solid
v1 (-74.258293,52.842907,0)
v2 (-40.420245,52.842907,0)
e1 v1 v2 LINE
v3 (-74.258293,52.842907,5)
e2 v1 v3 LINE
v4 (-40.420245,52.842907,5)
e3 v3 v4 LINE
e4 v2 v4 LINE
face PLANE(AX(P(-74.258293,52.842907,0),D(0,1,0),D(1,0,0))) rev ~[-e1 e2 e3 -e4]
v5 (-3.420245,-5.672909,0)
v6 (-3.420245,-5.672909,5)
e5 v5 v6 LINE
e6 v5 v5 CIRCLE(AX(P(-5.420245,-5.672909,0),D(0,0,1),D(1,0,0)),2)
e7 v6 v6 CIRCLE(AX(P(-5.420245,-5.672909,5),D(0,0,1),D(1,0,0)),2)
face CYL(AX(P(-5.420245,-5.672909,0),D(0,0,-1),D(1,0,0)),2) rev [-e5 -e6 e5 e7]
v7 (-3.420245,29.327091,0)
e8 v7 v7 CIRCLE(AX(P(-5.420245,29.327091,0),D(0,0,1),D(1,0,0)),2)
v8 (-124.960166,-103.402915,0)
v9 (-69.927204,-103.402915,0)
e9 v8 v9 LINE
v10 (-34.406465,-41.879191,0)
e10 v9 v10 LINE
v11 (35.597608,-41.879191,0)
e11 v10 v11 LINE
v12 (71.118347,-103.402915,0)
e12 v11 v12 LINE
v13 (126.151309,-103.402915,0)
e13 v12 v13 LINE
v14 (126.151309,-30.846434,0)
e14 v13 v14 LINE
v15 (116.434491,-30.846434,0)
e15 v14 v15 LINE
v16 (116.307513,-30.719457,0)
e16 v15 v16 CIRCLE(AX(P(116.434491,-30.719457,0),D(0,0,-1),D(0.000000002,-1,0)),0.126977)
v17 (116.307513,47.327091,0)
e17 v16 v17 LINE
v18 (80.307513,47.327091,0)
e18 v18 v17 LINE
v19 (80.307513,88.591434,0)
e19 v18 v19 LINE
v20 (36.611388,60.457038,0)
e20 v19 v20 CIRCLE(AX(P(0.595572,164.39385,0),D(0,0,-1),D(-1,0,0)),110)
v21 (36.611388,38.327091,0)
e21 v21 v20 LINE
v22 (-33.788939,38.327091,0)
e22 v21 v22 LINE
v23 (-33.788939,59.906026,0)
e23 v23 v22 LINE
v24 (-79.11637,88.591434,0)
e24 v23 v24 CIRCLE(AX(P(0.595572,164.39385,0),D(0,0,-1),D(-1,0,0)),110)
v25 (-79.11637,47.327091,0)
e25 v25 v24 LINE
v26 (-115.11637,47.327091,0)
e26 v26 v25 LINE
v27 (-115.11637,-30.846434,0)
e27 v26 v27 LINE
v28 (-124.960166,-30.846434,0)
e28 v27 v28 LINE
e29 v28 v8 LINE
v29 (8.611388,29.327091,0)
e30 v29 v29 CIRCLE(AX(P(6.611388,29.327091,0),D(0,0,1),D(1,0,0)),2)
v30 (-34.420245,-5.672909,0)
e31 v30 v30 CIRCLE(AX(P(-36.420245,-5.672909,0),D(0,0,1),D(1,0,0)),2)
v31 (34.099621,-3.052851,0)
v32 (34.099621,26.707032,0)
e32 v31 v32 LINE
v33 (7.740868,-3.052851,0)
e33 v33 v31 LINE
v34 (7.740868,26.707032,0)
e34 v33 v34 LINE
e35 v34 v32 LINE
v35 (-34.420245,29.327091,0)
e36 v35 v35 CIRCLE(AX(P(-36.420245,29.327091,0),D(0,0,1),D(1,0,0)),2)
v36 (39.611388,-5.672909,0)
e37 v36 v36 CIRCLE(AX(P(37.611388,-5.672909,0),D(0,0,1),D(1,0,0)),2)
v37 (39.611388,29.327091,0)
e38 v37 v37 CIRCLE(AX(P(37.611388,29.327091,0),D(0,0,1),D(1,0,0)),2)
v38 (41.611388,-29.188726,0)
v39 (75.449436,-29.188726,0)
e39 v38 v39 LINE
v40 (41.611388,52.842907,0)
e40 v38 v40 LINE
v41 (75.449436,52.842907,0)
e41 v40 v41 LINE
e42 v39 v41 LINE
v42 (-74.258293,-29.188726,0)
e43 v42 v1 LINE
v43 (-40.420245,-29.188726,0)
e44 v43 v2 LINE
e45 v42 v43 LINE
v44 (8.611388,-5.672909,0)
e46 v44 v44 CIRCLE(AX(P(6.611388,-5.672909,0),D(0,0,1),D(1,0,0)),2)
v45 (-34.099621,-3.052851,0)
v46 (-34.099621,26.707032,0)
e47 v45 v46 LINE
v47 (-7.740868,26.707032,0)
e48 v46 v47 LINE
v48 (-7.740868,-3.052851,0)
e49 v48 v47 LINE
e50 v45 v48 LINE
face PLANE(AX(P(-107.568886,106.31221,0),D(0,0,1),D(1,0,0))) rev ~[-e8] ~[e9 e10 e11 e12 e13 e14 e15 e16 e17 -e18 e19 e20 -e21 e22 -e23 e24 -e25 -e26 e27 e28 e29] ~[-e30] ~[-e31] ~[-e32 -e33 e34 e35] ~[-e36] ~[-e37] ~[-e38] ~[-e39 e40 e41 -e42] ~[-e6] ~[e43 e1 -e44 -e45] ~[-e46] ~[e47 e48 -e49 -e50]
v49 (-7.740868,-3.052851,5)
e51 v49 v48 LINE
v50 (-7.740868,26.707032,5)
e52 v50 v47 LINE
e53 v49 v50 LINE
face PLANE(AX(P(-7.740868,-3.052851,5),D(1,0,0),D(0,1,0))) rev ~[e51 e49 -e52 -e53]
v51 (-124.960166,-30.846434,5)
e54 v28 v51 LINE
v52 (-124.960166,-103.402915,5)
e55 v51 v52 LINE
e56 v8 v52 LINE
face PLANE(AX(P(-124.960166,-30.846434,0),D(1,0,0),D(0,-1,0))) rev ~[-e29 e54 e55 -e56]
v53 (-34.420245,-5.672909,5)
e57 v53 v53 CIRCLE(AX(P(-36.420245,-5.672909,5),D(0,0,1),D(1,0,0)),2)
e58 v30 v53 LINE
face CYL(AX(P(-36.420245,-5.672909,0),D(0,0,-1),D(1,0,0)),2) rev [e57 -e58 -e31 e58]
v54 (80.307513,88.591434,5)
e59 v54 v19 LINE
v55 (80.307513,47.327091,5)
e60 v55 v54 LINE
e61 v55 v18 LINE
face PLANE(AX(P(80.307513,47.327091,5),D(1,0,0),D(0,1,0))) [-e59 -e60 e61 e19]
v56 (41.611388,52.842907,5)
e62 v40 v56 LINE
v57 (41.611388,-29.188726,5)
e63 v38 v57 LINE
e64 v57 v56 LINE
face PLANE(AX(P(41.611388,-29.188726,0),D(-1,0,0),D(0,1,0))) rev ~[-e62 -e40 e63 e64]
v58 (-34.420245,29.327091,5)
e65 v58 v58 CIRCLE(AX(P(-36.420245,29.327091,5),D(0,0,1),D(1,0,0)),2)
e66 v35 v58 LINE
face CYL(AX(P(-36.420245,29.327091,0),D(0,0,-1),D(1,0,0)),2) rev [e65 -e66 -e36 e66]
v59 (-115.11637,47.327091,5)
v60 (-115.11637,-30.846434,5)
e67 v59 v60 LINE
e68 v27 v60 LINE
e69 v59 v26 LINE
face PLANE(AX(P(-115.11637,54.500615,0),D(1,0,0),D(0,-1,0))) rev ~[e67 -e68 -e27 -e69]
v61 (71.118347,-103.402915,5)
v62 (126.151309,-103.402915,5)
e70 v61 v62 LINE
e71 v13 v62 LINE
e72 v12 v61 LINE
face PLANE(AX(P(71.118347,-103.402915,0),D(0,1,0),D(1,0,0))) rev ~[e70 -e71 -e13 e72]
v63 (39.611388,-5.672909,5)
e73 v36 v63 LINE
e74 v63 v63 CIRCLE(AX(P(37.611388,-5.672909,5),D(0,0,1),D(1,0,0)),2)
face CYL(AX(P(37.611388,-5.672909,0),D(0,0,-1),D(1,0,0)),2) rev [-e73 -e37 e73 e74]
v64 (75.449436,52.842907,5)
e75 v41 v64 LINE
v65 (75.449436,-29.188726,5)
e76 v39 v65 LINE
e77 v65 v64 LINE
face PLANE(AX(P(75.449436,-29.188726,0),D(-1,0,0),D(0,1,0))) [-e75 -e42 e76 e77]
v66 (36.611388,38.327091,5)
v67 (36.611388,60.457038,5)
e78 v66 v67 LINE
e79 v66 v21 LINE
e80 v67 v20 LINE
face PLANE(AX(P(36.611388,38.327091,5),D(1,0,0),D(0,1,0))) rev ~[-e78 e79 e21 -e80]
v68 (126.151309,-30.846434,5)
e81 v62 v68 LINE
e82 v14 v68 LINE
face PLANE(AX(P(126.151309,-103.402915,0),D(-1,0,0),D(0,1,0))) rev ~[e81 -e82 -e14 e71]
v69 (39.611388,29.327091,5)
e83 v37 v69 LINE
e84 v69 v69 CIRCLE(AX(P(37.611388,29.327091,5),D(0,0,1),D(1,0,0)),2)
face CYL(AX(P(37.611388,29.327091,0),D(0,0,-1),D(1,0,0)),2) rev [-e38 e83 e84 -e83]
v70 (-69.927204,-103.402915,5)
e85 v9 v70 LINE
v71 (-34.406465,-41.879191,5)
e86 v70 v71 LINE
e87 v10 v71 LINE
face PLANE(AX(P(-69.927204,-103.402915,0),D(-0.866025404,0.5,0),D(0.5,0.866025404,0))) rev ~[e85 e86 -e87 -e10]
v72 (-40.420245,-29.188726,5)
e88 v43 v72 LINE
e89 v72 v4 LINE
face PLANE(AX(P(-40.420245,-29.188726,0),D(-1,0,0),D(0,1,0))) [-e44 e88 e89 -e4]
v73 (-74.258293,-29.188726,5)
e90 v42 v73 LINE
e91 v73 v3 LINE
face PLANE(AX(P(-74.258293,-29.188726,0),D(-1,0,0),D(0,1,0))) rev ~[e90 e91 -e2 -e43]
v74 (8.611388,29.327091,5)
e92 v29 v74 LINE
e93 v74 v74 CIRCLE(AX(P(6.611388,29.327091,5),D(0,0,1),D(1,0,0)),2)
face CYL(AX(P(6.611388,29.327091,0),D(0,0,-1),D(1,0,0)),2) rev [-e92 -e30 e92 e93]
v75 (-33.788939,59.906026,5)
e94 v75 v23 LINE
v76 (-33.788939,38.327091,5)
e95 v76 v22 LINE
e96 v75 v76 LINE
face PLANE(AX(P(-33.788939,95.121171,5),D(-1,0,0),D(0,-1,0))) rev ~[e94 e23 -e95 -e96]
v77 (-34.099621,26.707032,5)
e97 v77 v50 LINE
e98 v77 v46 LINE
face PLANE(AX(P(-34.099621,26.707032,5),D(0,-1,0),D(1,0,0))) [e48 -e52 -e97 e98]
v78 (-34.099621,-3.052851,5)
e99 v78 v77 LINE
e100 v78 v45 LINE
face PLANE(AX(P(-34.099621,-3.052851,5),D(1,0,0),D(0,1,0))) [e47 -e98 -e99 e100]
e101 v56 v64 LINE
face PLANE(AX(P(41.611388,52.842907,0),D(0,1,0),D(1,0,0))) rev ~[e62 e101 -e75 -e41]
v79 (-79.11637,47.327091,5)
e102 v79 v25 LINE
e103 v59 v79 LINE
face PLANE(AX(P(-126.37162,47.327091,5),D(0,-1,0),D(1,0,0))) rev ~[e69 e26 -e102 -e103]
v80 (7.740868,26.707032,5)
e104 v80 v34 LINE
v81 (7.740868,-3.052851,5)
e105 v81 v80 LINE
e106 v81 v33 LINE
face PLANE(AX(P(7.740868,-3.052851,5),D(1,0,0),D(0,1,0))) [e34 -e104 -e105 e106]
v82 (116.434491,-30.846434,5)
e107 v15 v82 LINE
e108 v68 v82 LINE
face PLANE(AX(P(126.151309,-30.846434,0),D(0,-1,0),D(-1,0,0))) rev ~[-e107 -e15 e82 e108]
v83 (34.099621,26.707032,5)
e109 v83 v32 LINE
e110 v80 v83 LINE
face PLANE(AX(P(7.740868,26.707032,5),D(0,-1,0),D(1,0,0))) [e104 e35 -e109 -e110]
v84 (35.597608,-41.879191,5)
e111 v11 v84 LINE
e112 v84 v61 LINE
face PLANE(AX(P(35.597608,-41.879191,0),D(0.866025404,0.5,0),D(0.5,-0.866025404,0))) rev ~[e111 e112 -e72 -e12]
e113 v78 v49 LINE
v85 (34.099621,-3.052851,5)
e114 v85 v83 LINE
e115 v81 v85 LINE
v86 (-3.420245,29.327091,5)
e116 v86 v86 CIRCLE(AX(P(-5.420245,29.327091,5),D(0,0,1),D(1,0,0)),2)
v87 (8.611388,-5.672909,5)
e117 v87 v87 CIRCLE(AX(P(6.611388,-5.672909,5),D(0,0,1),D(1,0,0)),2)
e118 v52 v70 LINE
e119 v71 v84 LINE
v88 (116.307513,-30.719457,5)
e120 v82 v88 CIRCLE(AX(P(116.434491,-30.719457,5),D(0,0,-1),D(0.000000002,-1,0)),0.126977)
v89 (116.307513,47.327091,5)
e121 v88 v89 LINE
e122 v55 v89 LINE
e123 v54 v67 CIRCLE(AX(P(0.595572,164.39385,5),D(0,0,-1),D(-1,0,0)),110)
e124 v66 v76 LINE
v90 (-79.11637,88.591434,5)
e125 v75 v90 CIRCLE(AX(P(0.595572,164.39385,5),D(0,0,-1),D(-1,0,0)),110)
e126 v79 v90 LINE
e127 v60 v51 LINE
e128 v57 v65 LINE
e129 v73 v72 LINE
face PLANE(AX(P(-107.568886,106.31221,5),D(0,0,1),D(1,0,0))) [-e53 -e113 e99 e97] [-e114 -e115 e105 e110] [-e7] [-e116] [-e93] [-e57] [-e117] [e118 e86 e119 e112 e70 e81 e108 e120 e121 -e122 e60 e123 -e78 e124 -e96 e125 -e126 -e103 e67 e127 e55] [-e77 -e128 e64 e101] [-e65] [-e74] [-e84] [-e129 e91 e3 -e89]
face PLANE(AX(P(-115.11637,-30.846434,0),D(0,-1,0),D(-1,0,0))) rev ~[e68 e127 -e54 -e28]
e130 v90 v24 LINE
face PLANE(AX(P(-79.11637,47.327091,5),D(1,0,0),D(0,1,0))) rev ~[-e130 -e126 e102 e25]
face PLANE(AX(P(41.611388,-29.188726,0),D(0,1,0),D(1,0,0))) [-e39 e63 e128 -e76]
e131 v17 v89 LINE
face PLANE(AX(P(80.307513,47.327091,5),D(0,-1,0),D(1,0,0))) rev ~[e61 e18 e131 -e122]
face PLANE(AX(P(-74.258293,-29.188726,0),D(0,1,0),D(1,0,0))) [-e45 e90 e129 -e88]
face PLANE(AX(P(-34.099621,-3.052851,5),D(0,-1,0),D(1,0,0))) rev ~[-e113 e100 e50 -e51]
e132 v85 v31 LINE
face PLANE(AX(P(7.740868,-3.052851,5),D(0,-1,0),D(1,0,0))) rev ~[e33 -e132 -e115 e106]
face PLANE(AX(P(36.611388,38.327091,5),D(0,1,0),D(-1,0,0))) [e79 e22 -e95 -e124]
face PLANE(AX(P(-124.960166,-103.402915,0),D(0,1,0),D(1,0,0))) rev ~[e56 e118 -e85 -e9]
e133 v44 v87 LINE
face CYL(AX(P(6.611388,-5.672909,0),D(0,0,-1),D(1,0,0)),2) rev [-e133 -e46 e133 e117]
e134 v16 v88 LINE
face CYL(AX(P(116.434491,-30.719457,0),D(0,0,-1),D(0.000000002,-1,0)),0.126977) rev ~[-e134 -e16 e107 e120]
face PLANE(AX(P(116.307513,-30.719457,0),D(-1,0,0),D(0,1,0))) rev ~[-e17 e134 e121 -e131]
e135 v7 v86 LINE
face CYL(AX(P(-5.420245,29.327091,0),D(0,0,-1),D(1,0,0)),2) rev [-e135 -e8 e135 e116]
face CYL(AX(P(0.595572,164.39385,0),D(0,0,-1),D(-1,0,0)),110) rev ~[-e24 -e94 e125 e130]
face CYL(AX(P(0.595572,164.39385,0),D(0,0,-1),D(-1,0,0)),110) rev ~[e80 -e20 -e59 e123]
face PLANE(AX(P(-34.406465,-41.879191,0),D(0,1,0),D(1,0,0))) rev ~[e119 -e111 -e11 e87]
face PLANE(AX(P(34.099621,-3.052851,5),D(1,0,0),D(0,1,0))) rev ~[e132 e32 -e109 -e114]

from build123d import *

# Parameters (mm, degrees)
SKETCH1_R           = 2
SKETCH1_W           = 33.838048367
SKETCH1_H           = 82.031632405
BOSS_EXTRUDE1_DEPTH = 5
SKETCH6_W           = 26.358753283
SKETCH6_H           = 29.759882739
CUT_EXTRUDE5_DEPTH  = 10
CUT_EXTRUDE7_DEPTH  = 10
SKETCH8_R           = 110
CUT_EXTRUDE8_DEPTH  = 10
SKETCH9_W           = 34.735720487
SKETCH9_H           = 8.029761027
BOSS_EXTRUDE2_DEPTH = 5
SKETCH10_W          = 47.255249557
SKETCH10_H          = 69.524861462
SKETCH10_W_2        = 47.255249556
CUT_EXTRUDE9_DEPTH  = 10


with BuildPart() as part:
    # Sketch1 → Boss-Extrude1 (new body)
    with BuildSketch(Plane.XY):
        with BuildLine():
            Line((-67.377293169, 102.297329585), (-124.936746461, 102.297329585))
            Line((-124.936746461, 102.297329585), (-124.953483971, 82.555494847))
            Line((-124.953483971, 82.555494847), (-124.958588565, 69.121872443))
            Line((-124.958588565, 69.121872443), (-124.95889847, 54.500614803))
            Line((-124.95889847, 54.500614803), (-115.116370276, 54.500614803))
            Line((-115.116370276, 54.500614803), (-115.116370276, -30.846433579))
            Line((-115.116370276, -30.846433579), (-124.960166164, -30.846433579))
            Line((-124.960166164, -30.846433579), (-124.960166164, -103.402915432))
            Line((-124.960166164, -103.402915432), (-69.927203874, -103.402915432))
            Line((-69.927203874, -103.402915432), (-34.406465086, -41.879191129))
            Line((-34.406465086, -41.879191129), (35.597608304, -41.879191129))
            Line((35.597608304, -41.879191129), (71.118347092, -103.402915432))
            Line((71.118347092, -103.402915432), (126.151309382, -103.402915432))
            Line((126.151309382, -103.402915432), (126.151309382, -30.846433579))
            Line((126.151309382, -30.846433579), (116.434490518, -30.846433579))
            ThreePointArc((116.434490518, -30.846433579), (116.344704203, -30.80924287), (116.307513493, -30.719456554))
            Line((116.307513493, -30.719456554), (116.307513493, 54.373637777))
            ThreePointArc((116.307513493, 54.373637777), (116.344704203, 54.463424093), (116.434490518, 54.500614803))
            Line((116.434490518, 54.500614803), (126.150041687, 54.500614803))
            Line((126.150041687, 54.500614803), (126.149731996, 69.11181019))
            Line((126.149731996, 69.11181019), (126.144618663, 82.565551548))
            Line((126.144618663, 82.565551548), (126.127889679, 102.297329585))
            Line((126.127889679, 102.297329585), (68.568436387, 102.297329585))
            ThreePointArc((68.568436387, 102.297329585), (0.595571609, 72.327090612), (-67.377293169, 102.297329585))
        make_face()
        with Locations((-5.420244594, -5.672909388)):
            Circle(SKETCH1_R, mode=Mode.SUBTRACT)
        with Locations((-36.420244594, -5.672909388)):
            Circle(SKETCH1_R, mode=Mode.SUBTRACT)
        with Locations((-36.420244594, 29.327090612)):
            Circle(SKETCH1_R, mode=Mode.SUBTRACT)
        with Locations((-5.420244594, 29.327090612)):
            Circle(SKETCH1_R, mode=Mode.SUBTRACT)
        with Locations((6.611387811, 29.327090612)):
            Circle(SKETCH1_R, mode=Mode.SUBTRACT)
        with Locations((6.611387811, -5.672909388)):
            Circle(SKETCH1_R, mode=Mode.SUBTRACT)
        with Locations((37.611387811, -5.672909388)):
            Circle(SKETCH1_R, mode=Mode.SUBTRACT)
        with Locations((37.611387811, 29.327090612)):
            Circle(SKETCH1_R, mode=Mode.SUBTRACT)
        with Locations((58.530411994, 11.827090612)):
            Rectangle(SKETCH1_W, SKETCH1_H, mode=Mode.SUBTRACT)
        with Locations((-57.339268778, 11.827090612)):
            Rectangle(SKETCH1_W, SKETCH1_H, mode=Mode.SUBTRACT)
    extrude(amount=BOSS_EXTRUDE1_DEPTH)

    # Sketch6 → Cut-Extrude5 (cut)
    with BuildSketch(Plane.XY.offset(5)):
        with Locations((-20.920244594, 11.827090611)):
            Rectangle(SKETCH6_W, SKETCH6_H)
        with Locations((20.920244594, 11.827090611)):
            Rectangle(SKETCH6_W, SKETCH6_H)
    extrude(amount=-CUT_EXTRUDE5_DEPTH, mode=Mode.SUBTRACT)

    # Sketch7 → Cut-Extrude7 (cut)
    with BuildSketch(Plane.XY.offset(5)):
        Polygon((36.611387811, 79.275951145), (36.611387811, 38.327090612), (-33.788939324, 38.327090612), (-33.788939324, 77.421207896), (-33.788939324, 95.121170758), (36.611387811, 95.121170758), align=None)
    extrude(amount=-CUT_EXTRUDE7_DEPTH, mode=Mode.SUBTRACT)

    # Sketch8 → Cut-Extrude8 (cut)
    with BuildSketch(Plane(origin=(0, 0, 0), x_dir=(-1, 0, 0), z_dir=(0, 0, -1))):
        with Locations((-0.595571609, 164.393850159)):
            Circle(SKETCH8_R)
    extrude(amount=-CUT_EXTRUDE8_DEPTH, mode=Mode.SUBTRACT)

    # Sketch9 → Boss-Extrude2 (add)
    with BuildSketch(Plane.XY.offset(5)):
        with Locations((-107.568886218, 106.312210099)):
            Rectangle(SKETCH9_W, SKETCH9_H)
        with Locations((108.760029436, 106.312210099)):
            Rectangle(SKETCH9_W, SKETCH9_H)
    extrude(amount=-BOSS_EXTRUDE2_DEPTH)

    # Sketch10 → Cut-Extrude9 (cut)
    with BuildSketch(Plane.XY.offset(5)):
        with Locations((103.935138271, 82.089521343)):
            Rectangle(SKETCH10_W, SKETCH10_H)
        with Locations((-102.743995054, 82.089521343)):
            Rectangle(SKETCH10_W_2, SKETCH10_H)
    extrude(amount=-CUT_EXTRUDE9_DEPTH, mode=Mode.SUBTRACT)


solid = part.part
